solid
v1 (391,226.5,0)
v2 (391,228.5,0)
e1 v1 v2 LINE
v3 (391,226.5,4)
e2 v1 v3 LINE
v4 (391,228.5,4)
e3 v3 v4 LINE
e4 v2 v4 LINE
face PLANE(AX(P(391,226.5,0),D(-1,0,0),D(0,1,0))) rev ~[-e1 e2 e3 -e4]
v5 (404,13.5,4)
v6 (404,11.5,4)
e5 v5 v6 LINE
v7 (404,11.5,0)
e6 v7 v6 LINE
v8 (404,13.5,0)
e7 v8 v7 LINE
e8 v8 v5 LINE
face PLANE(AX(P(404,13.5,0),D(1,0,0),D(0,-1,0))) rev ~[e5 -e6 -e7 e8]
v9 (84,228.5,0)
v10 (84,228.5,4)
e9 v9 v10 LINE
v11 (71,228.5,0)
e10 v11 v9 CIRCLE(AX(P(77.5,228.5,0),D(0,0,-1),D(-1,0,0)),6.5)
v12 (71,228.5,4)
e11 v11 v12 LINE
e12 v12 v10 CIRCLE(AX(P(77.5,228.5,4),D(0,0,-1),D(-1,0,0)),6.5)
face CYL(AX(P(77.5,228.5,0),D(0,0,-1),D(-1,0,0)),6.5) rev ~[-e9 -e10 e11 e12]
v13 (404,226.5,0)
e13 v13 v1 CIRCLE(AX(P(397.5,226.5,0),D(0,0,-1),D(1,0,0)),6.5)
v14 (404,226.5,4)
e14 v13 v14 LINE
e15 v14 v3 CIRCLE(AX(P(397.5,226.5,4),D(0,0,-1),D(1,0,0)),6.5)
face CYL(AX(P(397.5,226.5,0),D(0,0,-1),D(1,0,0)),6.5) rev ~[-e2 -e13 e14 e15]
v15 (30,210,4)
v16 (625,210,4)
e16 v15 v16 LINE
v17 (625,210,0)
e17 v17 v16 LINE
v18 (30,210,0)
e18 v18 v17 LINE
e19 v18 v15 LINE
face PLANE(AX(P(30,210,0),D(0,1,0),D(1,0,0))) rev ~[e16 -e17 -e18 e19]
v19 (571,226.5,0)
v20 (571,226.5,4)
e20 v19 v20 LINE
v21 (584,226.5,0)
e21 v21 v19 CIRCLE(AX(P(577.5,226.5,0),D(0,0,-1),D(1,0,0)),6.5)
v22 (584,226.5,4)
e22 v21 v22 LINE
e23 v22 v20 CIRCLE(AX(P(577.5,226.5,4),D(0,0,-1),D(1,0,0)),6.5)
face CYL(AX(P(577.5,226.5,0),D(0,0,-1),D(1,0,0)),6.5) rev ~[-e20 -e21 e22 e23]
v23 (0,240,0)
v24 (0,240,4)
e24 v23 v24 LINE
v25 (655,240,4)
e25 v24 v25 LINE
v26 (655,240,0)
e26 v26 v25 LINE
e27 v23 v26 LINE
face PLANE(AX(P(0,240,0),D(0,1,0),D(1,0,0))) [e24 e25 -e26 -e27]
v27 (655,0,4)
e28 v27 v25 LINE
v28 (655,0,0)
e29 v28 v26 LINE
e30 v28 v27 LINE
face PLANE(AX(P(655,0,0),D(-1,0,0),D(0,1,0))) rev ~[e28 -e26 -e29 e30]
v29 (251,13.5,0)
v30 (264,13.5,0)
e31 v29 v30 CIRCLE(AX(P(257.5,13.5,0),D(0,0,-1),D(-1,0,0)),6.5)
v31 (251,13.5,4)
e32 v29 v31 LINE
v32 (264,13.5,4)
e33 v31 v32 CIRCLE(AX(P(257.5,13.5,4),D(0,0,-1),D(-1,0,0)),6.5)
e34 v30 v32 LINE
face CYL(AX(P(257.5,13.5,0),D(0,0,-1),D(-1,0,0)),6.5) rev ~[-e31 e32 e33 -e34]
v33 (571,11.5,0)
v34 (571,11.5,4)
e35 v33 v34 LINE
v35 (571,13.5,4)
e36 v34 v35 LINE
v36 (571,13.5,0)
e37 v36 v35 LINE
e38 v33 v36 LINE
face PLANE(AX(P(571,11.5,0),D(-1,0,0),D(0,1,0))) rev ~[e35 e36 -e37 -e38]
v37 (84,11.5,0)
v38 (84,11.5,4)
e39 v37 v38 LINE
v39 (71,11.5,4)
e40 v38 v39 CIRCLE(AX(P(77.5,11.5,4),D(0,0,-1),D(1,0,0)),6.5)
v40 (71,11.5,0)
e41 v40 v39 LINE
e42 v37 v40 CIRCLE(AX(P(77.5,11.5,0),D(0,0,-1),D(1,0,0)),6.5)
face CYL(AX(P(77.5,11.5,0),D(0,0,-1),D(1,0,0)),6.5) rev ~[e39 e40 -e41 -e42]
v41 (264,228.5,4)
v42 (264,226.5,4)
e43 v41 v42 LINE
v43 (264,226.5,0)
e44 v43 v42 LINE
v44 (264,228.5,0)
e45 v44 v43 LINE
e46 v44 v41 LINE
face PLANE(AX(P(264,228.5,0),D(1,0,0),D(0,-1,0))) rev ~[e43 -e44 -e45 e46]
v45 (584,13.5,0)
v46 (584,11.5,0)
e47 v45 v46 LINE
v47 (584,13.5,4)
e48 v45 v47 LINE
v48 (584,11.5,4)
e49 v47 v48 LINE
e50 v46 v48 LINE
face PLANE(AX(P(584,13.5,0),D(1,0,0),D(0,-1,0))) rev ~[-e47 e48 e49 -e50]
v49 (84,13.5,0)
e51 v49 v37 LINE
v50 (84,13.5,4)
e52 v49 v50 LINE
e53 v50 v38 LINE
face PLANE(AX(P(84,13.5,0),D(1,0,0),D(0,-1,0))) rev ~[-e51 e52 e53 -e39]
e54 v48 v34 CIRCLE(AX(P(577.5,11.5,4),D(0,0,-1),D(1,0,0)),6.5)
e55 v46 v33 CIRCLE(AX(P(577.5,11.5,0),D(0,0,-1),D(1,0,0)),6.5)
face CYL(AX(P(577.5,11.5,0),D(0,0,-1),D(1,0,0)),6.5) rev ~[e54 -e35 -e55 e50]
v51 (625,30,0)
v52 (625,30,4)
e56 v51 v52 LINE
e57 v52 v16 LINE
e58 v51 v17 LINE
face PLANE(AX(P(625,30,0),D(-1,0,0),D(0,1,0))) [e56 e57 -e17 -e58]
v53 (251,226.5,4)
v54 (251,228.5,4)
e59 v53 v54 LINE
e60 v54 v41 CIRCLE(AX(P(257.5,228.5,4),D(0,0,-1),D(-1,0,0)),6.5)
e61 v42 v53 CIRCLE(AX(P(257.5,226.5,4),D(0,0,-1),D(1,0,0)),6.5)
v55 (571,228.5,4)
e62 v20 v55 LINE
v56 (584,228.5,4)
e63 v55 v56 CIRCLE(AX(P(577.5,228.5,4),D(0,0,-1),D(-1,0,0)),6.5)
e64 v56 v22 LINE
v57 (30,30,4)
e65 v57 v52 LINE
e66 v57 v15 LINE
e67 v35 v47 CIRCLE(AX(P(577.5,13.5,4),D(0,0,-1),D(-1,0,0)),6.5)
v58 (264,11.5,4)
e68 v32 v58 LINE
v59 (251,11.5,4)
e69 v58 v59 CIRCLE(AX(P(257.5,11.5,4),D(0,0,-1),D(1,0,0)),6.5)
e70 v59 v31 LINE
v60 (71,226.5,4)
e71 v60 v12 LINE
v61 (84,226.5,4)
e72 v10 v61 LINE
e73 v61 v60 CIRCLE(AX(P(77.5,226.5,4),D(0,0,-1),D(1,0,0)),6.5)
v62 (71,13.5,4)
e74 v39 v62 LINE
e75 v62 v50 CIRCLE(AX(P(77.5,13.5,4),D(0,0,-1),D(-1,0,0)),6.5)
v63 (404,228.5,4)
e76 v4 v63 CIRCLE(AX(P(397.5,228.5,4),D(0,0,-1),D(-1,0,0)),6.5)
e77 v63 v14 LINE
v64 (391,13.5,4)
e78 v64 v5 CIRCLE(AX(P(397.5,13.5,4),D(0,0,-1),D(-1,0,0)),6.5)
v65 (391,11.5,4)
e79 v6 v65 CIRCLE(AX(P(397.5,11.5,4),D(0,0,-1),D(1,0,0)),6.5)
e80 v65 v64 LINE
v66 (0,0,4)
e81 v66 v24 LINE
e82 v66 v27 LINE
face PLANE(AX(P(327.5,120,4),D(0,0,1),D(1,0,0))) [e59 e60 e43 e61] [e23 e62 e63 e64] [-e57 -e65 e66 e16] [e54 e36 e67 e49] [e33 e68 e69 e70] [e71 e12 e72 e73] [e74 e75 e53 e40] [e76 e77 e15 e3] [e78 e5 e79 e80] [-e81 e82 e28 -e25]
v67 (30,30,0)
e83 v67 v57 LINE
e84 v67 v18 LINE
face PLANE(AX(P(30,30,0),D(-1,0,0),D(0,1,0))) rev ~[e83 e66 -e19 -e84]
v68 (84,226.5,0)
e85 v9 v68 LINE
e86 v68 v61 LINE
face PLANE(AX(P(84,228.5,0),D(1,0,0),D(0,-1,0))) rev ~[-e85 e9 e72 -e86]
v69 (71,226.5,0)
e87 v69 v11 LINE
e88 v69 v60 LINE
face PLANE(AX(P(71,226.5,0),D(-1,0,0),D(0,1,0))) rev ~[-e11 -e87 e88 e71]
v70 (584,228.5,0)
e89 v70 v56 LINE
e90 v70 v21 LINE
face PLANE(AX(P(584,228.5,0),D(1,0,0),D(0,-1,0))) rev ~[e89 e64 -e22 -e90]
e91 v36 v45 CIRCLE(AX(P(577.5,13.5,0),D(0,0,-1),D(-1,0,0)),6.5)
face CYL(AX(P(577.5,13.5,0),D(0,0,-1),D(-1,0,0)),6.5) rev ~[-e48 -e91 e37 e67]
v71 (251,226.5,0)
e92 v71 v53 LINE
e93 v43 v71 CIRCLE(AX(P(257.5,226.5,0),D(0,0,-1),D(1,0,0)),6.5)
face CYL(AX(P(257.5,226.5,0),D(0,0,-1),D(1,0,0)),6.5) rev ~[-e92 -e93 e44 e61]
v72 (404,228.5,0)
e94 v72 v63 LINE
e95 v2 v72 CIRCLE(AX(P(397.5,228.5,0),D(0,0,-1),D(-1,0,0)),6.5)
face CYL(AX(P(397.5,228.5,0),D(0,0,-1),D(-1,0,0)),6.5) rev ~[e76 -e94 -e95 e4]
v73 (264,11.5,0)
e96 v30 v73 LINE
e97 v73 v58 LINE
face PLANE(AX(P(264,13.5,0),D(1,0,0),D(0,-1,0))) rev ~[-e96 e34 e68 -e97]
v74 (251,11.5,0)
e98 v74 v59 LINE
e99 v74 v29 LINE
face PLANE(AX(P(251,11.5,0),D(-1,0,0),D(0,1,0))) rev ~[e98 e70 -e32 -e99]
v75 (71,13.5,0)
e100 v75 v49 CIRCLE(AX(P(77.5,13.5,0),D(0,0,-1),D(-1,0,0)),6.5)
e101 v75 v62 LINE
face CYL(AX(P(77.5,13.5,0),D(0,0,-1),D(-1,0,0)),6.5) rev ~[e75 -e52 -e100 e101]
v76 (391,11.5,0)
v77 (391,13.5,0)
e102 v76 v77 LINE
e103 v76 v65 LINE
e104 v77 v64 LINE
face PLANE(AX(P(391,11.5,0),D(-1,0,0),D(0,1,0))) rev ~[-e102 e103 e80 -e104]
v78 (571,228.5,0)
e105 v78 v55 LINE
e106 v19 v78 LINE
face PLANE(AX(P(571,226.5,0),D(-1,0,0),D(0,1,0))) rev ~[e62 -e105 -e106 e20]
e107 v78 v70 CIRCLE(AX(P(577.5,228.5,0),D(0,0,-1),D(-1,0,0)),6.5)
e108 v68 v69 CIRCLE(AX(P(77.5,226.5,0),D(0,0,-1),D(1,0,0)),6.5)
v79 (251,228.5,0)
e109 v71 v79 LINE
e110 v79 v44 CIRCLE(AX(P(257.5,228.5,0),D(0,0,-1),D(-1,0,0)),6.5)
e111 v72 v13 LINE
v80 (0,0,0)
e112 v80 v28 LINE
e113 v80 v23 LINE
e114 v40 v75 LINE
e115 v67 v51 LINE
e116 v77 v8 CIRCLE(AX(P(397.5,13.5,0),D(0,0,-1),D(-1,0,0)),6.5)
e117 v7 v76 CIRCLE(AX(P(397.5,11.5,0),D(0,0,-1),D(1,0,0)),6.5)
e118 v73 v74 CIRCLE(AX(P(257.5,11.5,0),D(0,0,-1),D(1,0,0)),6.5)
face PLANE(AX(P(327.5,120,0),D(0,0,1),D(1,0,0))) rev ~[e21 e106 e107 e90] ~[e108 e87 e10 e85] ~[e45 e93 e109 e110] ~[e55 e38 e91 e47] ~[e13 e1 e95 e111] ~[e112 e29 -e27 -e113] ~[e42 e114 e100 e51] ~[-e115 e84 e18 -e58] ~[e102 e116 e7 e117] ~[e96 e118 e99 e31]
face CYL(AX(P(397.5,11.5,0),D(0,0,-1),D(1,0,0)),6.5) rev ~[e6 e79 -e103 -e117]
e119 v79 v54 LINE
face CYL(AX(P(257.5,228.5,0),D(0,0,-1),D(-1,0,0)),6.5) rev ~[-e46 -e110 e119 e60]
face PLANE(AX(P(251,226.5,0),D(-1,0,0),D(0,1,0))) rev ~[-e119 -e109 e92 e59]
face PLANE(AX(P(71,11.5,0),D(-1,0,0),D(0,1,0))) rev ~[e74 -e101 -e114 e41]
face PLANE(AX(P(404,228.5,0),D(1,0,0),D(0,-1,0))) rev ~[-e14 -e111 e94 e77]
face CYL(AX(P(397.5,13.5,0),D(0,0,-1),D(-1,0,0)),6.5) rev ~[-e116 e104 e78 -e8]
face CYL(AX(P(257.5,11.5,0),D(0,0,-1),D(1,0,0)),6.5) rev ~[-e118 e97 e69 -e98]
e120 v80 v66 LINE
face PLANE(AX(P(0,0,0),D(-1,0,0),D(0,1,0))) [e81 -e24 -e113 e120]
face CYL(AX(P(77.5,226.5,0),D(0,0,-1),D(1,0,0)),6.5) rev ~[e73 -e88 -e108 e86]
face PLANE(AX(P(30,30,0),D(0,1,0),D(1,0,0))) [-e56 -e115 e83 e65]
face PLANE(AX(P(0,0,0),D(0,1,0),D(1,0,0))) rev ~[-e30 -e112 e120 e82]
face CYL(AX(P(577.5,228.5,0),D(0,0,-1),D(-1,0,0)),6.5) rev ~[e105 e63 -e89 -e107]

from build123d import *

# Parameters (mm, degrees)
F0_W     = 655
F0_H     = 240
F0_W_2   = 595
F0_H_2   = 180
F1_DEPTH = 4


with BuildPart() as f1:
    # F0 (on Top) → F1 (new body)
    with BuildSketch(Plane.XY):
        with Locations((327.5, 120)):
            Rectangle(F0_W, F0_H)
        with BuildLine():
            Line((84, 13.5), (84, 11.5))
            ThreePointArc((84, 11.5), (77.5, 5), (71, 11.5))
            Line((71, 11.5), (71, 13.5))
            ThreePointArc((71, 13.5), (77.5, 20), (84, 13.5))
        make_face(mode=Mode.SUBTRACT)
        with BuildLine():
            Line((264, 13.5), (264, 11.5))
            ThreePointArc((264, 11.5), (257.5, 5), (251, 11.5))
            Line((251, 11.5), (251, 13.5))
            ThreePointArc((251, 13.5), (257.5, 20), (264, 13.5))
        make_face(mode=Mode.SUBTRACT)
        with BuildLine():
            Line((404, 13.5), (404, 11.5))
            ThreePointArc((404, 11.5), (397.5, 5), (391, 11.5))
            Line((391, 11.5), (391, 13.5))
            ThreePointArc((391, 13.5), (397.5, 20), (404, 13.5))
        make_face(mode=Mode.SUBTRACT)
        with BuildLine():
            Line((584, 13.5), (584, 11.5))
            ThreePointArc((584, 11.5), (577.5, 5), (571, 11.5))
            Line((571, 11.5), (571, 13.5))
            ThreePointArc((571, 13.5), (577.5, 20), (584, 13.5))
        make_face(mode=Mode.SUBTRACT)
        with BuildLine():
            ThreePointArc((71, 228.5), (77.5, 235), (84, 228.5))
            Line((84, 228.5), (84, 226.5))
            ThreePointArc((84, 226.5), (77.5, 220), (71, 226.5))
            Line((71, 226.5), (71, 228.5))
        make_face(mode=Mode.SUBTRACT)
        with BuildLine():
            ThreePointArc((251, 228.5), (257.5, 235), (264, 228.5))
            Line((264, 228.5), (264, 226.5))
            ThreePointArc((264, 226.5), (257.5, 220), (251, 226.5))
            Line((251, 226.5), (251, 228.5))
        make_face(mode=Mode.SUBTRACT)
        with Locations((327.5, 120)):
            Rectangle(F0_W_2, F0_H_2, mode=Mode.SUBTRACT)
        with BuildLine():
            Line((391, 226.5), (391, 228.5))
            ThreePointArc((391, 228.5), (397.5, 235), (404, 228.5))
            Line((404, 228.5), (404, 226.5))
            ThreePointArc((404, 226.5), (397.5, 220), (391, 226.5))
        make_face(mode=Mode.SUBTRACT)
        with BuildLine():
            ThreePointArc((571, 228.5), (577.5, 235), (584, 228.5))
            Line((584, 228.5), (584, 226.5))
            ThreePointArc((584, 226.5), (577.5, 220), (571, 226.5))
            Line((571, 226.5), (571, 228.5))
        make_face(mode=Mode.SUBTRACT)
    extrude(amount=F1_DEPTH)


solid = f1.part
